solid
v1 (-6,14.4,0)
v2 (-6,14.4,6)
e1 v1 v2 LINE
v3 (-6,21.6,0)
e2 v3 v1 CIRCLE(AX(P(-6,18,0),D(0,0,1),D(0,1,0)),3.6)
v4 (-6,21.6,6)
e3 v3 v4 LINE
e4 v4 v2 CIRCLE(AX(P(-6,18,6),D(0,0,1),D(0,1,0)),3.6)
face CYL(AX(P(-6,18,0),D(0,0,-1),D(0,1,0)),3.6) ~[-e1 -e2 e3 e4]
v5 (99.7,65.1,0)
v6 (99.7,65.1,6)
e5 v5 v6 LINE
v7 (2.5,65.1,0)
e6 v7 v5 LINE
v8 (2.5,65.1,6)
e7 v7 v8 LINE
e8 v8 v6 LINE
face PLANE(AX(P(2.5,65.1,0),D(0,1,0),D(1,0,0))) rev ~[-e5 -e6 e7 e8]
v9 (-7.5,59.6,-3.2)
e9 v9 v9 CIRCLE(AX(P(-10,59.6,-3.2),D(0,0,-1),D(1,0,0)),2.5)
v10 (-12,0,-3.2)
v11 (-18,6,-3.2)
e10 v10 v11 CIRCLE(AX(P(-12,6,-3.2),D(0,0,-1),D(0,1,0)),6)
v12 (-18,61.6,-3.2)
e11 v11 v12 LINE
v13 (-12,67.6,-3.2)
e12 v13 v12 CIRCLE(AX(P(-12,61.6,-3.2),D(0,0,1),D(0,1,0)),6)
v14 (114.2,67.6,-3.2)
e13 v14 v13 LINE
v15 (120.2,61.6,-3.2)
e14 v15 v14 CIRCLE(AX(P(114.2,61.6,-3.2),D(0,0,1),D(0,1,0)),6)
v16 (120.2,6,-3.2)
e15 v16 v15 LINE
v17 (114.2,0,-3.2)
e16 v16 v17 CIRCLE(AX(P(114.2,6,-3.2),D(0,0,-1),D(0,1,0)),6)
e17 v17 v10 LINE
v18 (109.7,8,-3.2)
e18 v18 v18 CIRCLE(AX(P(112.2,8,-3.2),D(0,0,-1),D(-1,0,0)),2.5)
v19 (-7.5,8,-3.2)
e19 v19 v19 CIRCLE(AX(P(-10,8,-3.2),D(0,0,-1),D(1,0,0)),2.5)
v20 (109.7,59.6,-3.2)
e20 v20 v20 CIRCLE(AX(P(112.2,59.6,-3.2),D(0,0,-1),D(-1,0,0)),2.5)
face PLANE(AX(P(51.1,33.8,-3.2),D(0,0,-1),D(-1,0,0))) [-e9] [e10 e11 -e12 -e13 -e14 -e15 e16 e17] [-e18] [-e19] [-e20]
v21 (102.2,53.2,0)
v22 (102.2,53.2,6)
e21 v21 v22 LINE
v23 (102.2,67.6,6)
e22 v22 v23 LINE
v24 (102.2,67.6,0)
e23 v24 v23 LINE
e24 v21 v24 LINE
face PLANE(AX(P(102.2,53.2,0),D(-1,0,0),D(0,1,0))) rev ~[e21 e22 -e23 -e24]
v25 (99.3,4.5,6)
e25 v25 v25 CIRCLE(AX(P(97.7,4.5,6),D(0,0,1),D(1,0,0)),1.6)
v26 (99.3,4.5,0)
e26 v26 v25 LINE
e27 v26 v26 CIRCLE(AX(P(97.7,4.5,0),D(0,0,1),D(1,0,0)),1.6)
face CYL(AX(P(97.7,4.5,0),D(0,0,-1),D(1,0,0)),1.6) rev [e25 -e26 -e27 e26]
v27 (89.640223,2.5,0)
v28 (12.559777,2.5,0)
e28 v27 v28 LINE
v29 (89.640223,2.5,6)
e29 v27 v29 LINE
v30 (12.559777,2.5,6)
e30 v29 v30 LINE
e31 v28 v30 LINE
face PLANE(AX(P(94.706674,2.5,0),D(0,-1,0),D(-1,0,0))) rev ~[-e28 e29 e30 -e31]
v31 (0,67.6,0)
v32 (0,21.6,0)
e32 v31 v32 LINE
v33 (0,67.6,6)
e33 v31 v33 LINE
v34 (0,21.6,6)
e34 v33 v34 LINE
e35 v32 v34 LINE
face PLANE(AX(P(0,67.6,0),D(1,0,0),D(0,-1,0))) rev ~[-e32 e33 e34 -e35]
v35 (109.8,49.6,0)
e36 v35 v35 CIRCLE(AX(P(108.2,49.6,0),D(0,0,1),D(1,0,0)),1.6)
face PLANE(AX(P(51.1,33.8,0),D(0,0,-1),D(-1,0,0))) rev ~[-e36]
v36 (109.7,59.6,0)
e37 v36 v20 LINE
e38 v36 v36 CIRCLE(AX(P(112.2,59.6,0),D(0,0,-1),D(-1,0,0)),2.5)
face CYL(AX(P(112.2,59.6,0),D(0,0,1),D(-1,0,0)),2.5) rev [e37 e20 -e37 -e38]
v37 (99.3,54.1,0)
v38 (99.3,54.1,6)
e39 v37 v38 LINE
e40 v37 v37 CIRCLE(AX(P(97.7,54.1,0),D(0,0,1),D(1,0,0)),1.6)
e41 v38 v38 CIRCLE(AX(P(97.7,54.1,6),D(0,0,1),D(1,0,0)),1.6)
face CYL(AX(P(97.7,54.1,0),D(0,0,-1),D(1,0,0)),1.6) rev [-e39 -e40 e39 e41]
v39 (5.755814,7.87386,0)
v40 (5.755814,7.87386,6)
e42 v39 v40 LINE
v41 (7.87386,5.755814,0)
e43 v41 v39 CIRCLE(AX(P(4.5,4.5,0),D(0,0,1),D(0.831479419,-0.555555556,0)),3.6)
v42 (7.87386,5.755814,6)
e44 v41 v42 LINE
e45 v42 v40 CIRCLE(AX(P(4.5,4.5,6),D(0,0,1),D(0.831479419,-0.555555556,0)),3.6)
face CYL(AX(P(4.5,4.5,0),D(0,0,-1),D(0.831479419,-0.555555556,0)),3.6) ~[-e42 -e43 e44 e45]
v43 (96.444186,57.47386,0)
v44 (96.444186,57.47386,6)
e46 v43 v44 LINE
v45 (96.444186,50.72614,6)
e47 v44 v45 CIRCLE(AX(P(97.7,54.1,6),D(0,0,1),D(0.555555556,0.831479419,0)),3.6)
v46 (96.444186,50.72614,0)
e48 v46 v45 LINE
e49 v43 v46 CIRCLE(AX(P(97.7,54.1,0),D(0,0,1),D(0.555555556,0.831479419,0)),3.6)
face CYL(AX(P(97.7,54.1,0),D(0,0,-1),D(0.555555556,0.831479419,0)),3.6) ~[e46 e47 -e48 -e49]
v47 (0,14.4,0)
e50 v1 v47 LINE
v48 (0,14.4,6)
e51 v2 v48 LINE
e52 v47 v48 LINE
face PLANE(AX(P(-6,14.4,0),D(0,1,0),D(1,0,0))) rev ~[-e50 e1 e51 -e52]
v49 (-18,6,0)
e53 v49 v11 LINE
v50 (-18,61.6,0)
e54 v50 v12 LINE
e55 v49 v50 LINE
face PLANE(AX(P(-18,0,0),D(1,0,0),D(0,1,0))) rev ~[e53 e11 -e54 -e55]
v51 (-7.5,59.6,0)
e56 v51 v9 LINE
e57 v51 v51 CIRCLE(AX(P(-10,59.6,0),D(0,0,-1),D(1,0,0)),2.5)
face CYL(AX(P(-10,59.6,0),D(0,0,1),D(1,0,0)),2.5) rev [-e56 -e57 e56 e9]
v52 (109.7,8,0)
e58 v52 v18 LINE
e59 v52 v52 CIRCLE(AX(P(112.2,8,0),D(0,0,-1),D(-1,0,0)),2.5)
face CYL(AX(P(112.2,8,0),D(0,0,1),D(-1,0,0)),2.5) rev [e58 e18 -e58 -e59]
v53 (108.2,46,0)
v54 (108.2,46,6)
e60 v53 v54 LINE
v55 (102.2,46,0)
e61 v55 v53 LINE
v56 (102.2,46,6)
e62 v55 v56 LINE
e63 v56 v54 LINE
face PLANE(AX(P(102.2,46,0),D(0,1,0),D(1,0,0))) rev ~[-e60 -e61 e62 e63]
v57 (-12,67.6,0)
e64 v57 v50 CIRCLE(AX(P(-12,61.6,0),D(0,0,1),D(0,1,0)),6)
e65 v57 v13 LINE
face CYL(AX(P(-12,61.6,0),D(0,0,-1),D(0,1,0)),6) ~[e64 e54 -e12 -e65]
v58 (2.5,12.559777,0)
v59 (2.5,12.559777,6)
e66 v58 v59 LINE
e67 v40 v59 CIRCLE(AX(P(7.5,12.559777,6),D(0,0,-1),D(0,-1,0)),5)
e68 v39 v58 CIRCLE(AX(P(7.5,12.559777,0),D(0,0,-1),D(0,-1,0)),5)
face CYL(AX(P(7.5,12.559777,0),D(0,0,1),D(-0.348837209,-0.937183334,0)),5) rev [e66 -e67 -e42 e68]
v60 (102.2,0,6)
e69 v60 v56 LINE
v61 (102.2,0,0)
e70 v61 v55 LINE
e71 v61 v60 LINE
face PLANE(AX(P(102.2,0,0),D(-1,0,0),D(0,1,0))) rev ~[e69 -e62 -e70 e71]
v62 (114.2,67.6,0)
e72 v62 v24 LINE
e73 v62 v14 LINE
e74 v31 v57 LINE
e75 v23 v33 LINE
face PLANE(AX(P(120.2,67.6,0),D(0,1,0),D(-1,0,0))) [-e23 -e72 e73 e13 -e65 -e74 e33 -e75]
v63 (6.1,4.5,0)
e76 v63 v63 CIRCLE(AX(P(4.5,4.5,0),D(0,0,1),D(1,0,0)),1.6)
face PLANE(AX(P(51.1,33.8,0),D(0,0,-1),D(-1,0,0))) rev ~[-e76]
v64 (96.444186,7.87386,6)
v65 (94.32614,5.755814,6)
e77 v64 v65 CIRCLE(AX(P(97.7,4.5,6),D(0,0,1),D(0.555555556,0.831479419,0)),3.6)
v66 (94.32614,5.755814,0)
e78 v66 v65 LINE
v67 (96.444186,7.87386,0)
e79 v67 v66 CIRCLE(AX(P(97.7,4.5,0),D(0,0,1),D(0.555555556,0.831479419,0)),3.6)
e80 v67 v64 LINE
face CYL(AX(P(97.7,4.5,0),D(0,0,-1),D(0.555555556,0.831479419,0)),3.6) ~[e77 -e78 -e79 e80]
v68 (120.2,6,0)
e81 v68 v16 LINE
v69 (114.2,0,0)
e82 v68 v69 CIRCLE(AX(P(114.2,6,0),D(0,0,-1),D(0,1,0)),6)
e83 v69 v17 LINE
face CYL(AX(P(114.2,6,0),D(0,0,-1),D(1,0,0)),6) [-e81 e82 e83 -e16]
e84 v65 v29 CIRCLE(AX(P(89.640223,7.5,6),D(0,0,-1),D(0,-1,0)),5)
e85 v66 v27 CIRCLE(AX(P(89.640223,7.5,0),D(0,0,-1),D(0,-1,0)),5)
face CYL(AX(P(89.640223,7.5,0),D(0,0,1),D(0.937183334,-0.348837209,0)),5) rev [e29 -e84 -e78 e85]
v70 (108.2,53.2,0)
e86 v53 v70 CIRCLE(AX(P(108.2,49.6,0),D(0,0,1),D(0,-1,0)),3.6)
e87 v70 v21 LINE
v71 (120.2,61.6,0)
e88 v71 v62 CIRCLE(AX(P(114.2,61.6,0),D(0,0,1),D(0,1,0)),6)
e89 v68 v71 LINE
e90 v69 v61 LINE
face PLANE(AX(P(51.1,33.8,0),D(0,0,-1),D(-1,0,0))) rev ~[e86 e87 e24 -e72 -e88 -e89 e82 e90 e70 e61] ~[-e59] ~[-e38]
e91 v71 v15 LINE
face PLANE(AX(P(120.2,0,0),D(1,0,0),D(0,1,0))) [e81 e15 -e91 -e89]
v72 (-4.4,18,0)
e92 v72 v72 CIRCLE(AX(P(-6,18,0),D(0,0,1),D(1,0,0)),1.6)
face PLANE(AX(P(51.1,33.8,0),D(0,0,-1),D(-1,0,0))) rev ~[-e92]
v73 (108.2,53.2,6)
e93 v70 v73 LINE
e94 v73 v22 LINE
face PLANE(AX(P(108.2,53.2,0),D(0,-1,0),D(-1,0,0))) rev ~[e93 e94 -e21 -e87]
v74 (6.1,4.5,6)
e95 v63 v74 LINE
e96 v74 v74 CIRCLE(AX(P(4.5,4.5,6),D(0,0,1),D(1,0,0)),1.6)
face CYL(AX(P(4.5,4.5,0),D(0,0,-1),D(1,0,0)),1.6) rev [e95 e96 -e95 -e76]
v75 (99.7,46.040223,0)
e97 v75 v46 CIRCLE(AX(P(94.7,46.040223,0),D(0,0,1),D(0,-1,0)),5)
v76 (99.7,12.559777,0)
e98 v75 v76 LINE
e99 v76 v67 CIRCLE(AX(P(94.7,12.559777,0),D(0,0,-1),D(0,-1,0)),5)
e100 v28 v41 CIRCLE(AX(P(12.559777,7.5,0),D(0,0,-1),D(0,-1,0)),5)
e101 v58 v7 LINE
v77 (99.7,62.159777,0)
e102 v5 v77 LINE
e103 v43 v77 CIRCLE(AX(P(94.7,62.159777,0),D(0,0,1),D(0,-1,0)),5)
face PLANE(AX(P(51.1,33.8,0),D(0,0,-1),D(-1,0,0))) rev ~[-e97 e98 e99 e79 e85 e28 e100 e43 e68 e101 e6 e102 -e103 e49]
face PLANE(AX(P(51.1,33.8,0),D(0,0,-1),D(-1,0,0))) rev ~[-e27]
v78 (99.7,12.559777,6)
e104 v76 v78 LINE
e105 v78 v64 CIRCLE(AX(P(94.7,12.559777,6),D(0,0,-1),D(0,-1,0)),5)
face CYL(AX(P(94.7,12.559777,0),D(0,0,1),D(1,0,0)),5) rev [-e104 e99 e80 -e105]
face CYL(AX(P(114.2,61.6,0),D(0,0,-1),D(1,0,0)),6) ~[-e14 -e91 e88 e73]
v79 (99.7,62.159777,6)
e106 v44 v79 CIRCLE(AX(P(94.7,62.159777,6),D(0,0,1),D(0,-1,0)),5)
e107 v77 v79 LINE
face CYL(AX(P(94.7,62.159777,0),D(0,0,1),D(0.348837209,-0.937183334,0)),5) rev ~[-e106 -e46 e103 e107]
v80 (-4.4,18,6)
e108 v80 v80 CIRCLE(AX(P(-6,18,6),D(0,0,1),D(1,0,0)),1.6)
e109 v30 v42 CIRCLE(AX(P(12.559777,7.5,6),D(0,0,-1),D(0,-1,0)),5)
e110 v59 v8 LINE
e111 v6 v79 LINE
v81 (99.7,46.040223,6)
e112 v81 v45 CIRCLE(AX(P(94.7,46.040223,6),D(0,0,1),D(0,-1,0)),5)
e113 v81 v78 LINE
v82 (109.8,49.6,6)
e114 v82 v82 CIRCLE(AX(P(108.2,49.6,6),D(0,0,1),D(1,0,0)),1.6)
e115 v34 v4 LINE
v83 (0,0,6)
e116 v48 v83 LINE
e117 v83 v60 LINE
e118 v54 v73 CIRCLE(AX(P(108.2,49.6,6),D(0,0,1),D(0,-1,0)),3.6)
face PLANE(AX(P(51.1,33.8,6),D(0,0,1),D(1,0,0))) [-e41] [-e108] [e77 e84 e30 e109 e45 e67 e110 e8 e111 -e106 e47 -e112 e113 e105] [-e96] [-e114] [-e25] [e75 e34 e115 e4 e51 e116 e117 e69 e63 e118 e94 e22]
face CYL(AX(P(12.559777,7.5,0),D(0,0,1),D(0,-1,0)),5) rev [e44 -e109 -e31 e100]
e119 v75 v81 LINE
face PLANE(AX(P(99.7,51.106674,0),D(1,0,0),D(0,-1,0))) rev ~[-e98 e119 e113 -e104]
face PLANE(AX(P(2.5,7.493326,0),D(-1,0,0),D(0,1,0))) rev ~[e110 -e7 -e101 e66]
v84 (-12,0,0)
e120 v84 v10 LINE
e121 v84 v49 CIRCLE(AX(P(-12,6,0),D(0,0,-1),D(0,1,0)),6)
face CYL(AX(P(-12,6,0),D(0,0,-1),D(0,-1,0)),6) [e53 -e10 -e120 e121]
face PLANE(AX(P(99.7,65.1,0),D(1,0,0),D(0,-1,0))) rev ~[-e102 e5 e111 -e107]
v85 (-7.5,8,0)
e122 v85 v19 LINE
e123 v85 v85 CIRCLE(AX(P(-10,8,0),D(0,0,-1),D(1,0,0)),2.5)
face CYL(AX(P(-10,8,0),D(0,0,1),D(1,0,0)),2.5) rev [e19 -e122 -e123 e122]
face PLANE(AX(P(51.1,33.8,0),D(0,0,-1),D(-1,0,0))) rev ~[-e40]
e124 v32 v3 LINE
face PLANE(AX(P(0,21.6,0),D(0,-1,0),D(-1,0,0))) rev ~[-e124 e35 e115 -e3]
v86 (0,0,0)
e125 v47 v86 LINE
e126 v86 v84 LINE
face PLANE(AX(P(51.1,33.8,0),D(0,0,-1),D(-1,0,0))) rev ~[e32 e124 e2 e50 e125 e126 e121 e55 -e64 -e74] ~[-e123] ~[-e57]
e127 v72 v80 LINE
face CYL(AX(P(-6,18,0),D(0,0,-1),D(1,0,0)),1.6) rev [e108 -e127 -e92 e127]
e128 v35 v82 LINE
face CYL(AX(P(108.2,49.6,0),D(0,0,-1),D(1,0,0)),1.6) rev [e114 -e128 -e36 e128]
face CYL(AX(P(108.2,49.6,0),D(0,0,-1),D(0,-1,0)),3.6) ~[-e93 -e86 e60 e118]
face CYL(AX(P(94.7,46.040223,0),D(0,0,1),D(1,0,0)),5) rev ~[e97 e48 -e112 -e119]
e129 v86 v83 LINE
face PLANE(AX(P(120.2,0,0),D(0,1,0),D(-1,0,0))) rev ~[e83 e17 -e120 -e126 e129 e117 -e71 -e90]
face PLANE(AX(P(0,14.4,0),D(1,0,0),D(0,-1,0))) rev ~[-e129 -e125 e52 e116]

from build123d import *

# Parameters (mm, degrees)
SKETCH1_R           = 1.6
BOSS_EXTRUDE1_DEPTH = 6
SKETCH2_W           = 138.2
SKETCH2_H           = 67.6
SKETCH2_R           = 2.5
BOSS_EXTRUDE2_DEPTH = 3.2
FILLET1_R           = 6
FILLET2_R           = 5
FILLET3_R           = 5


with BuildPart() as part:
    # Sketch1 → Boss-Extrude1 (new body)
    with BuildSketch(Plane.XY):
        with BuildLine():
            Line((0, 21.6), (-6, 21.6))
            ThreePointArc((-6, 21.6), (-9.6, 18), (-6, 14.4))
            Line((-6, 14.4), (0, 14.4))
            Line((0, 14.4), (0, 0))
            Line((0, 0), (102.2, 0))
            Line((102.2, 0), (102.2, 46))
            Line((102.2, 46), (108.2, 46))
            ThreePointArc((108.2, 46), (111.8, 49.6), (108.2, 53.2))
            Line((108.2, 53.2), (102.2, 53.2))
            Line((102.2, 53.2), (102.2, 67.6))
            Line((102.2, 67.6), (0, 67.6))
            Line((0, 67.6), (0, 21.6))
        make_face()
        with Locations((-6, 18)):
            Circle(SKETCH1_R, mode=Mode.SUBTRACT)
        with BuildLine():
            Line((94.706674091, 2.5), (7.493325909, 2.5))
            ThreePointArc((7.493325909, 2.5), (7.045584412, 7.045584412), (2.5, 7.493325909))
            Line((2.5, 7.493325909), (2.5, 65.1))
            Line((2.5, 65.1), (99.7, 65.1))
            Line((99.7, 65.1), (99.7, 57.093325909))
            ThreePointArc((99.7, 57.093325909), (94.1, 54.1), (99.7, 51.106674091))
            Line((99.7, 51.106674091), (99.7, 7.493325909))
            ThreePointArc((99.7, 7.493325909), (95.154415588, 7.045584412), (94.706674091, 2.5))
        make_face(mode=Mode.SUBTRACT)
        with Locations((108.2, 49.6)):
            Circle(SKETCH1_R, mode=Mode.SUBTRACT)
        with Locations((4.5, 4.5)):
            Circle(SKETCH1_R, mode=Mode.SUBTRACT)
        with Locations((97.7, 4.5)):
            Circle(SKETCH1_R, mode=Mode.SUBTRACT)
        with Locations((97.7, 54.1)):
            Circle(SKETCH1_R, mode=Mode.SUBTRACT)
    extrude(amount=BOSS_EXTRUDE1_DEPTH)

    # Sketch2 → Boss-Extrude2 (add)
    with BuildSketch(Plane(origin=(0, 0, 0), x_dir=(-1, 0, 0), z_dir=(0, 0, -1))):
        with Locations((-51.1, 33.8)):
            Rectangle(SKETCH2_W, SKETCH2_H)
        with Locations((-112.2, 59.6)):
            Circle(SKETCH2_R, mode=Mode.SUBTRACT)
        with Locations((-112.2, 8)):
            Circle(SKETCH2_R, mode=Mode.SUBTRACT)
        with Locations(Location((10, 8, 0), (0, 0, 180))):
            Circle(SKETCH2_R, mode=Mode.SUBTRACT)
        with Locations(Location((10, 59.6, 0), (0, 0, 180))):
            Circle(SKETCH2_R, mode=Mode.SUBTRACT)
    extrude(amount=BOSS_EXTRUDE2_DEPTH)

    # Fillet1
    fillet1_edges = [part.edges().sort_by_distance(p)[0] for p in [
        (120.2, 67.6, -1.6),
        (120.2, 0, -1.6),
        (-18, 0, -1.6),
        (-18, 67.6, -1.6),
    ]]
    fillet(fillet1_edges, radius=FILLET1_R)

    # Fillet2
    fillet2_edges = [part.edges().sort_by_distance(p)[0] for p in [
        (99.7, 51.106674091, 3),
        (99.7, 57.093325909, 3),
    ]]
    fillet(fillet2_edges, radius=FILLET2_R)

    # Fillet3
    fillet3_edges = [part.edges().sort_by_distance(p)[0] for p in [
        (7.493325909, 2.5, 3),
        (94.706674091, 2.5, 3),
        (99.7, 7.493325909, 3),
        (2.5, 7.493325909, 3),
    ]]
    fillet(fillet3_edges, radius=FILLET3_R)


solid = part.part
